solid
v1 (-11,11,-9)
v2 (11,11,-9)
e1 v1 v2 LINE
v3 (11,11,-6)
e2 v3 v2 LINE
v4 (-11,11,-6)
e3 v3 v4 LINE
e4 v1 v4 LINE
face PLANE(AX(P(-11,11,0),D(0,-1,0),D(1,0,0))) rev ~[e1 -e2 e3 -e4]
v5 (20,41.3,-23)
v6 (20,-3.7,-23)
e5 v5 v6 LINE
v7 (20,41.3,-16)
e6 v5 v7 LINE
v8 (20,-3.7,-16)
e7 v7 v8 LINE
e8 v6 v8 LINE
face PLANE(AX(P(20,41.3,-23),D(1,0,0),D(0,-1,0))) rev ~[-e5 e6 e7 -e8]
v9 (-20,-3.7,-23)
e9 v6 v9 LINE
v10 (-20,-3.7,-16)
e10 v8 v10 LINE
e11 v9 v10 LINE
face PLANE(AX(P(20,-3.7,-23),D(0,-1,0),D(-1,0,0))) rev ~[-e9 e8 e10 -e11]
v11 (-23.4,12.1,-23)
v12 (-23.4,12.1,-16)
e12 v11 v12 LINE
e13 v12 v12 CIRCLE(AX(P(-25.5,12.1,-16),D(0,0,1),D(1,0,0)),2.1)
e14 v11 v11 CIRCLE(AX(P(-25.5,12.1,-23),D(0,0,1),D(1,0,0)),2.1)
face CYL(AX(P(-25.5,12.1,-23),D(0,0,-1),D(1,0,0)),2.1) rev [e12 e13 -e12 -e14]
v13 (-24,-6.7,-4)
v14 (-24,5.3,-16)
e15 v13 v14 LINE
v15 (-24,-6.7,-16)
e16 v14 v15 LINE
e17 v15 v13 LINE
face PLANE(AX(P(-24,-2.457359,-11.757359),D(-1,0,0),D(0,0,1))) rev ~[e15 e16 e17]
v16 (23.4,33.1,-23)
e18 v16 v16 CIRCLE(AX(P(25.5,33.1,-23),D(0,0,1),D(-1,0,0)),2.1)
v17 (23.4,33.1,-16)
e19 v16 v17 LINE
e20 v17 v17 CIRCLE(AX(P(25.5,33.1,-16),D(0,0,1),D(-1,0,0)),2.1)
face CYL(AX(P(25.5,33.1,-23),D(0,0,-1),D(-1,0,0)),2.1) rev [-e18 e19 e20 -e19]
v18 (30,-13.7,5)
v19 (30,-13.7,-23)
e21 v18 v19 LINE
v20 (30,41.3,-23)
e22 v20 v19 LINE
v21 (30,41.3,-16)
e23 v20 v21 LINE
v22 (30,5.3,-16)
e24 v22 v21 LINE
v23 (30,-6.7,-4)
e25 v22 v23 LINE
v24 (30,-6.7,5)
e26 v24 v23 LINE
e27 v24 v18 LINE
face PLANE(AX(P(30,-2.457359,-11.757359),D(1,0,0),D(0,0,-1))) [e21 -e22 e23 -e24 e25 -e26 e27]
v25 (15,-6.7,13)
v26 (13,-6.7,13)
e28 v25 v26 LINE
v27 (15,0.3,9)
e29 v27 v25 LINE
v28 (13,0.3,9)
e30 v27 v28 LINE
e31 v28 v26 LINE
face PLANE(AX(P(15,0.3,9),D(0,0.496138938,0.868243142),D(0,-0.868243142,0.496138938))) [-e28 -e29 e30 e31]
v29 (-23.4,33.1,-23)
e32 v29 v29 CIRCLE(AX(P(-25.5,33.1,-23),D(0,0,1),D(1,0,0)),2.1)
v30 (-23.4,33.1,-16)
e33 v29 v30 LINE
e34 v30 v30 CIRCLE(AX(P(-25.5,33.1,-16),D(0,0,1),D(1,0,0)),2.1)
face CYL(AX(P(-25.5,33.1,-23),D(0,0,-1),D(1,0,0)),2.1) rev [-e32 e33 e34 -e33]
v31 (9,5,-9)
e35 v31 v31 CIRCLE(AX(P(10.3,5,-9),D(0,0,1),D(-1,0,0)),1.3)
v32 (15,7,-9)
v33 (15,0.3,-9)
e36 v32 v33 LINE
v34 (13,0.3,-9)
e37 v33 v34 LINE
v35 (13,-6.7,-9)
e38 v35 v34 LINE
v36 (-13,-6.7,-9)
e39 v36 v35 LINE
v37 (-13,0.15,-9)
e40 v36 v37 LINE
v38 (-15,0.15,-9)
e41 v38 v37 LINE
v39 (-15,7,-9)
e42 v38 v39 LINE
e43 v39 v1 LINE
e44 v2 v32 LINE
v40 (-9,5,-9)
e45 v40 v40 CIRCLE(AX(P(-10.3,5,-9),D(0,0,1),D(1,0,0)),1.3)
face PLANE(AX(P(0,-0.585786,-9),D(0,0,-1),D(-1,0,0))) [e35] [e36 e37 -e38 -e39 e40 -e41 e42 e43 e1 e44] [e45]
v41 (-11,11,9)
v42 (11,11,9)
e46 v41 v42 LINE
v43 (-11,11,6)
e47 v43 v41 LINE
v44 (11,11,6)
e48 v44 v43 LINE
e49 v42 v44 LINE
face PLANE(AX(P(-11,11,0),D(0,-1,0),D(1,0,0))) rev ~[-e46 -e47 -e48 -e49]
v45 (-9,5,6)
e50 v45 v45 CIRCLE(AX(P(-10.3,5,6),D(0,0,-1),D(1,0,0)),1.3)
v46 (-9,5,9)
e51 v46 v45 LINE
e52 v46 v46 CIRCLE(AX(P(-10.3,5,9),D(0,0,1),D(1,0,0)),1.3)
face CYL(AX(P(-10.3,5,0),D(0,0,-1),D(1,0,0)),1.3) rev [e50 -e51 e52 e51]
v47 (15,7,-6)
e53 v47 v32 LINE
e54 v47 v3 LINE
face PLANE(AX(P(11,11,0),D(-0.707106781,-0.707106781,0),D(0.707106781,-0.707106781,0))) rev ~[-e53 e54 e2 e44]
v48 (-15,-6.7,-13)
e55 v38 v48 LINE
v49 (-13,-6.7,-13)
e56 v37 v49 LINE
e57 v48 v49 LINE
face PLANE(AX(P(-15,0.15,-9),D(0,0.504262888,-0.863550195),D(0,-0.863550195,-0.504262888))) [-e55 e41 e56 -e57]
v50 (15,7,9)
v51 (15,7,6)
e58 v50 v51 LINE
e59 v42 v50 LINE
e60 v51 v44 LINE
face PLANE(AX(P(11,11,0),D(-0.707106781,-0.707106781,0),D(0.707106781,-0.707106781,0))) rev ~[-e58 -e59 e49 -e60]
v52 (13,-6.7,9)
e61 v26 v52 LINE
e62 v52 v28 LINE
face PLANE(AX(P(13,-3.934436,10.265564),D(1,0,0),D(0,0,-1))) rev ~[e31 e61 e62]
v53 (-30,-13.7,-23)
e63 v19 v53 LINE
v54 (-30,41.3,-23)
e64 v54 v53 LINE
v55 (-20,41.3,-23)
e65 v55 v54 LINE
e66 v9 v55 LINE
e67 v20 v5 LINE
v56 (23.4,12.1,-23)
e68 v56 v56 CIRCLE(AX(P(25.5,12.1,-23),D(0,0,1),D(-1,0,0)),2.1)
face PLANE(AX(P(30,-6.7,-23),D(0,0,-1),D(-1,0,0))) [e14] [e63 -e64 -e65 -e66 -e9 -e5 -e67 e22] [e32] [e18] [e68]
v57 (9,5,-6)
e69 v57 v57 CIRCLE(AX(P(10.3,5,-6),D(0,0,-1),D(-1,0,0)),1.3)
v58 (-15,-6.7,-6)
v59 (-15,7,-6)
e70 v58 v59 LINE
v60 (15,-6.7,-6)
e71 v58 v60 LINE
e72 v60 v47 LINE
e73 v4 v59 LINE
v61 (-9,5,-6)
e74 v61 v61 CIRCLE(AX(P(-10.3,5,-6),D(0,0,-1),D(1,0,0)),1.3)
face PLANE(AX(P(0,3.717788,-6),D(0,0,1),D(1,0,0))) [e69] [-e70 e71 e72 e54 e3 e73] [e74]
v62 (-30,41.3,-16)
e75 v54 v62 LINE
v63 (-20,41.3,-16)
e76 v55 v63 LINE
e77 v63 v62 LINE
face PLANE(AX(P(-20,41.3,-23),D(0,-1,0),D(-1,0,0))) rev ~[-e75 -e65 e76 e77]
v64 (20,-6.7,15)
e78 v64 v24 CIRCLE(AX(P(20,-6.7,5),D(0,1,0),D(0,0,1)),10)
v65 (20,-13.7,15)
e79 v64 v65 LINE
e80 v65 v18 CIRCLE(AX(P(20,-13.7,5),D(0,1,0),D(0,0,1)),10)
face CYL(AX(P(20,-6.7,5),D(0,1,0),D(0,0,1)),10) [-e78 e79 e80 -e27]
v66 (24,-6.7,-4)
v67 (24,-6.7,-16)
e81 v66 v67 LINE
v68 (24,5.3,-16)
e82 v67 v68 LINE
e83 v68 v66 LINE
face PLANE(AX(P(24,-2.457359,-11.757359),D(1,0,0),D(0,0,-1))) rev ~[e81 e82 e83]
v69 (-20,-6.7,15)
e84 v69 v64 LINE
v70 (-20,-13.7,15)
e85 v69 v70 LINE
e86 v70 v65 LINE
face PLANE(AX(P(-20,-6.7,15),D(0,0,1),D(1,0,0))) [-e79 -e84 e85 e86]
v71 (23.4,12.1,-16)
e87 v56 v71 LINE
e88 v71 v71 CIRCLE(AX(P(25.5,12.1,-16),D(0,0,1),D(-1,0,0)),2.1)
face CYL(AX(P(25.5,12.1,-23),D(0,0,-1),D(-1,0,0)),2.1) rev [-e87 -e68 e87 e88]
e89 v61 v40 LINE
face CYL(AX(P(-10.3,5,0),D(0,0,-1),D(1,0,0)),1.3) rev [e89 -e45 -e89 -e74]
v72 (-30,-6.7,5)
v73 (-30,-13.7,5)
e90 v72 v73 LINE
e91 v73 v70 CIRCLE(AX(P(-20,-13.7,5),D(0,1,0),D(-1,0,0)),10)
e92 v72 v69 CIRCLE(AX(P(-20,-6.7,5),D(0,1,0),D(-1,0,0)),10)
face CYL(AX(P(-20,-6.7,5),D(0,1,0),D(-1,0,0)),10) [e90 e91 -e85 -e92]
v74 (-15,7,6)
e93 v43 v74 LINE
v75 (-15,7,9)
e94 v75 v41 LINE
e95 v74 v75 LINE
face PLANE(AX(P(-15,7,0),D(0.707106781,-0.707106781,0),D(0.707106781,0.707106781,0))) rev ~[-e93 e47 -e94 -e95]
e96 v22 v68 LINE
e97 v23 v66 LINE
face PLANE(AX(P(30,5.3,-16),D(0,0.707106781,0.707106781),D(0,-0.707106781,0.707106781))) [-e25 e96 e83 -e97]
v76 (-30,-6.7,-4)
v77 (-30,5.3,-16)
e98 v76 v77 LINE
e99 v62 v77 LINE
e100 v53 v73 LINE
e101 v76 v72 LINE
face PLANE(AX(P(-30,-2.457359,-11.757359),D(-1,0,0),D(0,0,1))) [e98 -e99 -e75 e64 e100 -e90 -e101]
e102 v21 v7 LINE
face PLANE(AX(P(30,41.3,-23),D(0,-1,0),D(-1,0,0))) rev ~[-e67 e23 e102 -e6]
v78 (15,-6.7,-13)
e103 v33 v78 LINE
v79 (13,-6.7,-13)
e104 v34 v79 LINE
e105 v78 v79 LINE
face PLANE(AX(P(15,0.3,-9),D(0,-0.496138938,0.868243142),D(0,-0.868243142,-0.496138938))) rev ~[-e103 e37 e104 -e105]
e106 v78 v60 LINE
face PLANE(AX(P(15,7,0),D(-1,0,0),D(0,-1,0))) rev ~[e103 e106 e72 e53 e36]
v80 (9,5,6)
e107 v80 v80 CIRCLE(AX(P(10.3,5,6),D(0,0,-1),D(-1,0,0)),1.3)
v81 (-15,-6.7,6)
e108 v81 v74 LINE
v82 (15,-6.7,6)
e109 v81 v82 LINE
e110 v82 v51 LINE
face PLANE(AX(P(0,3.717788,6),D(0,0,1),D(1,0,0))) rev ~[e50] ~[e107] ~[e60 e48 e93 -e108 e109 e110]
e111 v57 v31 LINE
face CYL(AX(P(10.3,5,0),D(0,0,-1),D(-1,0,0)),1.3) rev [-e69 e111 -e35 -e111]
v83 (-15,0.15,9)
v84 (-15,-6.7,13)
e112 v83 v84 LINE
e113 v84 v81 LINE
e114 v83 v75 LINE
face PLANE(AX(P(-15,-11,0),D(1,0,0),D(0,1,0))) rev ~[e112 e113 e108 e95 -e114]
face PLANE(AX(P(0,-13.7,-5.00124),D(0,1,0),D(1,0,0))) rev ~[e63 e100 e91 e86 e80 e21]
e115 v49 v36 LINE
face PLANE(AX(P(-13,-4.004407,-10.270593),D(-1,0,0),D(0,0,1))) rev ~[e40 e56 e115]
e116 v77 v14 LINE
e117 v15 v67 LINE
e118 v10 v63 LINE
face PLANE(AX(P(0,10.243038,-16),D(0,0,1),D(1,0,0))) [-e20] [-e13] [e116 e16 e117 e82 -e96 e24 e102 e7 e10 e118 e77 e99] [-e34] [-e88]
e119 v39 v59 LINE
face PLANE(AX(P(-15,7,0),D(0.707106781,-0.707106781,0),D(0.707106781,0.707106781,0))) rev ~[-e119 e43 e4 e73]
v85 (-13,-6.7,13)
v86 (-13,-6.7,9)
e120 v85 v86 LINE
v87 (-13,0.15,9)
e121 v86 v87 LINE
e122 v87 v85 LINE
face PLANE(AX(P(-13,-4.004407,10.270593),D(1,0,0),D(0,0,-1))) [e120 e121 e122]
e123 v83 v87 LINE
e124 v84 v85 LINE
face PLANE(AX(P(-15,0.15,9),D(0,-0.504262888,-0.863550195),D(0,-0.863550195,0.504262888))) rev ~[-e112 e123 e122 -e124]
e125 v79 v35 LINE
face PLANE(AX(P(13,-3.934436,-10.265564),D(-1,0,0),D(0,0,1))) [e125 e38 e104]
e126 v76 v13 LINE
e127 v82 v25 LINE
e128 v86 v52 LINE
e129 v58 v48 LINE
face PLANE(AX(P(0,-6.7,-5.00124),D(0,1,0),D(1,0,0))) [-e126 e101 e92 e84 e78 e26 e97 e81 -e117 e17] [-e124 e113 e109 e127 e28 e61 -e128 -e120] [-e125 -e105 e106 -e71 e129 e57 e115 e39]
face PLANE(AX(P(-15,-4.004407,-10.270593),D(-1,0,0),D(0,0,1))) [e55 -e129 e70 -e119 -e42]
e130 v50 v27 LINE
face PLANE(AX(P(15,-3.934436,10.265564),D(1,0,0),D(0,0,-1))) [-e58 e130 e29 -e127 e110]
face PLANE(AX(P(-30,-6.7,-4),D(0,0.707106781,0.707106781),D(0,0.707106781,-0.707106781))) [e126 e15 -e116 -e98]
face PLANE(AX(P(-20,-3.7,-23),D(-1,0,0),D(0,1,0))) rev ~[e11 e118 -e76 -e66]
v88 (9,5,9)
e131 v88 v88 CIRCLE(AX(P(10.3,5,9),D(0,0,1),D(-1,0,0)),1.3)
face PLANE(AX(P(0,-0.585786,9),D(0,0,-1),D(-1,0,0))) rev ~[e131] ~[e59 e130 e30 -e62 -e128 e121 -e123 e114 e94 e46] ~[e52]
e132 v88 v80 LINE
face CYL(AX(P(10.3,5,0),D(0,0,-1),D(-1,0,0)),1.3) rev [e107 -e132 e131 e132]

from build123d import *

# Parameters (mm, degrees)
SKETCH_2_R          = 1.3
EXTRUDE_1_DEPTH     = 9
SKETCH_3_W          = 30
SKETCH_3_H          = 20.835575778
CUT_EXTRUDE_1_DEPTH = 6
EXTRUDE_START       = -6.7
EXTRUDE_2_DEPTH     = 7
EXTRUDE_3_DEPTH     = 2
EXTRUDE_4_DEPTH     = 2
SKETCH_11_R         = 2.1
EXTRUDE_5_DEPTH     = 7
EXTRUDE_6_DEPTH     = 6
EXTRUDE_7_DEPTH     = 6


with BuildPart() as part:
    # 草图2 → 凸台-拉伸1 (new, symmetric)
    with BuildSketch(Plane.XY):
        Polygon((-11, 11), (11, 11), (15, 7), (15, -11), (-15, -11), (-15, 7), align=None)
        with Locations((-10.3, 5)):
            Circle(SKETCH_2_R, mode=Mode.SUBTRACT)
        with Locations(Location((10.3, 5, 0), (0, 0, 180))):
            Circle(SKETCH_2_R, mode=Mode.SUBTRACT)
    extrude(amount=EXTRUDE_1_DEPTH, both=True)

    # 草图3 → 切除-拉伸1 (cut, symmetric)
    with BuildSketch(Plane.XY):
        with Locations((0, 3.717787889)):
            Rectangle(SKETCH_3_W, SKETCH_3_H)
    extrude(amount=CUT_EXTRUDE_1_DEPTH, both=True, mode=Mode.SUBTRACT)

    # 草图6 → 凸台-拉伸2 (add)
    with BuildSketch(Plane(origin=(0, 0, 0), x_dir=(1, 0, 0), z_dir=(0, 1, 0)).offset(EXTRUDE_START)):
        with BuildLine():
            Line((-20, -15), (20, -15))
            ThreePointArc((20, -15), (27.071067812, -12.071067812), (30, -5))
            Line((30, -5), (30, 23))
            Line((30, 23), (-30, 23))
            Line((-30, 23), (-30, -5))
            ThreePointArc((-30, -5), (-27.071067812, -12.071067812), (-20, -15))
        make_face()
    extrude(amount=-EXTRUDE_2_DEPTH)

    # 草图7 → 凸台-拉伸3 (add)
    with BuildSketch(Plane(origin=(15, 0, 0), x_dir=(0, 0, -1), z_dir=(1, 0, 0))):
        Polygon((-9, 0.3), (-13, -6.7), (-9, -6.7), align=None)
        Polygon((9, -6.7), (9, 0.3), (13, -6.7), align=None)
    extrude(amount=-EXTRUDE_3_DEPTH)

    # 草图10 → 凸台-拉伸4 (add)
    with BuildSketch(Plane.ZY.offset(15)):
        Polygon((-9, 0.15), (-13, -6.7), (-9, -6.7), align=None)
        Polygon((9, -6.7), (9, 0.15), (13, -6.7), align=None)
    extrude(amount=-EXTRUDE_4_DEPTH)

    # 草图11 → 凸台-拉伸5 (add)
    with BuildSketch(Plane.XY.offset(-23)):
        Polygon((-30, -11.7), (30, -11.7), (30, 41.3), (20, 41.3), (20, -3.7), (-20, -3.7), (-20, 41.3), (-30, 41.3), align=None)
        with Locations((-25.5, 33.1)):
            Circle(SKETCH_11_R, mode=Mode.SUBTRACT)
        with Locations((-25.5, 12.1)):
            Circle(SKETCH_11_R, mode=Mode.SUBTRACT)
        with Locations(Location((25.5, 12.1, 0), (0, 0, 180))):
            Circle(SKETCH_11_R, mode=Mode.SUBTRACT)
        with Locations(Location((25.5, 33.1, 0), (0, 0, 180))):
            Circle(SKETCH_11_R, mode=Mode.SUBTRACT)
    extrude(amount=EXTRUDE_5_DEPTH)

    # 草图12 → 凸台-拉伸6 (add)
    with BuildSketch(Plane.ZY.offset(30)):
        Polygon((-4, -6.7), (-16, 5.3), (-16, -6.7), align=None)
    extrude(amount=-EXTRUDE_6_DEPTH)

    # 草图13 → 凸台-拉伸7 (add)
    with BuildSketch(Plane(origin=(30, 0, 0), x_dir=(0, 0, -1), z_dir=(1, 0, 0))):
        Polygon((16, -6.7), (16, 5.3), (4, -6.7), align=None)
    extrude(amount=-EXTRUDE_7_DEPTH)


solid = part.part
